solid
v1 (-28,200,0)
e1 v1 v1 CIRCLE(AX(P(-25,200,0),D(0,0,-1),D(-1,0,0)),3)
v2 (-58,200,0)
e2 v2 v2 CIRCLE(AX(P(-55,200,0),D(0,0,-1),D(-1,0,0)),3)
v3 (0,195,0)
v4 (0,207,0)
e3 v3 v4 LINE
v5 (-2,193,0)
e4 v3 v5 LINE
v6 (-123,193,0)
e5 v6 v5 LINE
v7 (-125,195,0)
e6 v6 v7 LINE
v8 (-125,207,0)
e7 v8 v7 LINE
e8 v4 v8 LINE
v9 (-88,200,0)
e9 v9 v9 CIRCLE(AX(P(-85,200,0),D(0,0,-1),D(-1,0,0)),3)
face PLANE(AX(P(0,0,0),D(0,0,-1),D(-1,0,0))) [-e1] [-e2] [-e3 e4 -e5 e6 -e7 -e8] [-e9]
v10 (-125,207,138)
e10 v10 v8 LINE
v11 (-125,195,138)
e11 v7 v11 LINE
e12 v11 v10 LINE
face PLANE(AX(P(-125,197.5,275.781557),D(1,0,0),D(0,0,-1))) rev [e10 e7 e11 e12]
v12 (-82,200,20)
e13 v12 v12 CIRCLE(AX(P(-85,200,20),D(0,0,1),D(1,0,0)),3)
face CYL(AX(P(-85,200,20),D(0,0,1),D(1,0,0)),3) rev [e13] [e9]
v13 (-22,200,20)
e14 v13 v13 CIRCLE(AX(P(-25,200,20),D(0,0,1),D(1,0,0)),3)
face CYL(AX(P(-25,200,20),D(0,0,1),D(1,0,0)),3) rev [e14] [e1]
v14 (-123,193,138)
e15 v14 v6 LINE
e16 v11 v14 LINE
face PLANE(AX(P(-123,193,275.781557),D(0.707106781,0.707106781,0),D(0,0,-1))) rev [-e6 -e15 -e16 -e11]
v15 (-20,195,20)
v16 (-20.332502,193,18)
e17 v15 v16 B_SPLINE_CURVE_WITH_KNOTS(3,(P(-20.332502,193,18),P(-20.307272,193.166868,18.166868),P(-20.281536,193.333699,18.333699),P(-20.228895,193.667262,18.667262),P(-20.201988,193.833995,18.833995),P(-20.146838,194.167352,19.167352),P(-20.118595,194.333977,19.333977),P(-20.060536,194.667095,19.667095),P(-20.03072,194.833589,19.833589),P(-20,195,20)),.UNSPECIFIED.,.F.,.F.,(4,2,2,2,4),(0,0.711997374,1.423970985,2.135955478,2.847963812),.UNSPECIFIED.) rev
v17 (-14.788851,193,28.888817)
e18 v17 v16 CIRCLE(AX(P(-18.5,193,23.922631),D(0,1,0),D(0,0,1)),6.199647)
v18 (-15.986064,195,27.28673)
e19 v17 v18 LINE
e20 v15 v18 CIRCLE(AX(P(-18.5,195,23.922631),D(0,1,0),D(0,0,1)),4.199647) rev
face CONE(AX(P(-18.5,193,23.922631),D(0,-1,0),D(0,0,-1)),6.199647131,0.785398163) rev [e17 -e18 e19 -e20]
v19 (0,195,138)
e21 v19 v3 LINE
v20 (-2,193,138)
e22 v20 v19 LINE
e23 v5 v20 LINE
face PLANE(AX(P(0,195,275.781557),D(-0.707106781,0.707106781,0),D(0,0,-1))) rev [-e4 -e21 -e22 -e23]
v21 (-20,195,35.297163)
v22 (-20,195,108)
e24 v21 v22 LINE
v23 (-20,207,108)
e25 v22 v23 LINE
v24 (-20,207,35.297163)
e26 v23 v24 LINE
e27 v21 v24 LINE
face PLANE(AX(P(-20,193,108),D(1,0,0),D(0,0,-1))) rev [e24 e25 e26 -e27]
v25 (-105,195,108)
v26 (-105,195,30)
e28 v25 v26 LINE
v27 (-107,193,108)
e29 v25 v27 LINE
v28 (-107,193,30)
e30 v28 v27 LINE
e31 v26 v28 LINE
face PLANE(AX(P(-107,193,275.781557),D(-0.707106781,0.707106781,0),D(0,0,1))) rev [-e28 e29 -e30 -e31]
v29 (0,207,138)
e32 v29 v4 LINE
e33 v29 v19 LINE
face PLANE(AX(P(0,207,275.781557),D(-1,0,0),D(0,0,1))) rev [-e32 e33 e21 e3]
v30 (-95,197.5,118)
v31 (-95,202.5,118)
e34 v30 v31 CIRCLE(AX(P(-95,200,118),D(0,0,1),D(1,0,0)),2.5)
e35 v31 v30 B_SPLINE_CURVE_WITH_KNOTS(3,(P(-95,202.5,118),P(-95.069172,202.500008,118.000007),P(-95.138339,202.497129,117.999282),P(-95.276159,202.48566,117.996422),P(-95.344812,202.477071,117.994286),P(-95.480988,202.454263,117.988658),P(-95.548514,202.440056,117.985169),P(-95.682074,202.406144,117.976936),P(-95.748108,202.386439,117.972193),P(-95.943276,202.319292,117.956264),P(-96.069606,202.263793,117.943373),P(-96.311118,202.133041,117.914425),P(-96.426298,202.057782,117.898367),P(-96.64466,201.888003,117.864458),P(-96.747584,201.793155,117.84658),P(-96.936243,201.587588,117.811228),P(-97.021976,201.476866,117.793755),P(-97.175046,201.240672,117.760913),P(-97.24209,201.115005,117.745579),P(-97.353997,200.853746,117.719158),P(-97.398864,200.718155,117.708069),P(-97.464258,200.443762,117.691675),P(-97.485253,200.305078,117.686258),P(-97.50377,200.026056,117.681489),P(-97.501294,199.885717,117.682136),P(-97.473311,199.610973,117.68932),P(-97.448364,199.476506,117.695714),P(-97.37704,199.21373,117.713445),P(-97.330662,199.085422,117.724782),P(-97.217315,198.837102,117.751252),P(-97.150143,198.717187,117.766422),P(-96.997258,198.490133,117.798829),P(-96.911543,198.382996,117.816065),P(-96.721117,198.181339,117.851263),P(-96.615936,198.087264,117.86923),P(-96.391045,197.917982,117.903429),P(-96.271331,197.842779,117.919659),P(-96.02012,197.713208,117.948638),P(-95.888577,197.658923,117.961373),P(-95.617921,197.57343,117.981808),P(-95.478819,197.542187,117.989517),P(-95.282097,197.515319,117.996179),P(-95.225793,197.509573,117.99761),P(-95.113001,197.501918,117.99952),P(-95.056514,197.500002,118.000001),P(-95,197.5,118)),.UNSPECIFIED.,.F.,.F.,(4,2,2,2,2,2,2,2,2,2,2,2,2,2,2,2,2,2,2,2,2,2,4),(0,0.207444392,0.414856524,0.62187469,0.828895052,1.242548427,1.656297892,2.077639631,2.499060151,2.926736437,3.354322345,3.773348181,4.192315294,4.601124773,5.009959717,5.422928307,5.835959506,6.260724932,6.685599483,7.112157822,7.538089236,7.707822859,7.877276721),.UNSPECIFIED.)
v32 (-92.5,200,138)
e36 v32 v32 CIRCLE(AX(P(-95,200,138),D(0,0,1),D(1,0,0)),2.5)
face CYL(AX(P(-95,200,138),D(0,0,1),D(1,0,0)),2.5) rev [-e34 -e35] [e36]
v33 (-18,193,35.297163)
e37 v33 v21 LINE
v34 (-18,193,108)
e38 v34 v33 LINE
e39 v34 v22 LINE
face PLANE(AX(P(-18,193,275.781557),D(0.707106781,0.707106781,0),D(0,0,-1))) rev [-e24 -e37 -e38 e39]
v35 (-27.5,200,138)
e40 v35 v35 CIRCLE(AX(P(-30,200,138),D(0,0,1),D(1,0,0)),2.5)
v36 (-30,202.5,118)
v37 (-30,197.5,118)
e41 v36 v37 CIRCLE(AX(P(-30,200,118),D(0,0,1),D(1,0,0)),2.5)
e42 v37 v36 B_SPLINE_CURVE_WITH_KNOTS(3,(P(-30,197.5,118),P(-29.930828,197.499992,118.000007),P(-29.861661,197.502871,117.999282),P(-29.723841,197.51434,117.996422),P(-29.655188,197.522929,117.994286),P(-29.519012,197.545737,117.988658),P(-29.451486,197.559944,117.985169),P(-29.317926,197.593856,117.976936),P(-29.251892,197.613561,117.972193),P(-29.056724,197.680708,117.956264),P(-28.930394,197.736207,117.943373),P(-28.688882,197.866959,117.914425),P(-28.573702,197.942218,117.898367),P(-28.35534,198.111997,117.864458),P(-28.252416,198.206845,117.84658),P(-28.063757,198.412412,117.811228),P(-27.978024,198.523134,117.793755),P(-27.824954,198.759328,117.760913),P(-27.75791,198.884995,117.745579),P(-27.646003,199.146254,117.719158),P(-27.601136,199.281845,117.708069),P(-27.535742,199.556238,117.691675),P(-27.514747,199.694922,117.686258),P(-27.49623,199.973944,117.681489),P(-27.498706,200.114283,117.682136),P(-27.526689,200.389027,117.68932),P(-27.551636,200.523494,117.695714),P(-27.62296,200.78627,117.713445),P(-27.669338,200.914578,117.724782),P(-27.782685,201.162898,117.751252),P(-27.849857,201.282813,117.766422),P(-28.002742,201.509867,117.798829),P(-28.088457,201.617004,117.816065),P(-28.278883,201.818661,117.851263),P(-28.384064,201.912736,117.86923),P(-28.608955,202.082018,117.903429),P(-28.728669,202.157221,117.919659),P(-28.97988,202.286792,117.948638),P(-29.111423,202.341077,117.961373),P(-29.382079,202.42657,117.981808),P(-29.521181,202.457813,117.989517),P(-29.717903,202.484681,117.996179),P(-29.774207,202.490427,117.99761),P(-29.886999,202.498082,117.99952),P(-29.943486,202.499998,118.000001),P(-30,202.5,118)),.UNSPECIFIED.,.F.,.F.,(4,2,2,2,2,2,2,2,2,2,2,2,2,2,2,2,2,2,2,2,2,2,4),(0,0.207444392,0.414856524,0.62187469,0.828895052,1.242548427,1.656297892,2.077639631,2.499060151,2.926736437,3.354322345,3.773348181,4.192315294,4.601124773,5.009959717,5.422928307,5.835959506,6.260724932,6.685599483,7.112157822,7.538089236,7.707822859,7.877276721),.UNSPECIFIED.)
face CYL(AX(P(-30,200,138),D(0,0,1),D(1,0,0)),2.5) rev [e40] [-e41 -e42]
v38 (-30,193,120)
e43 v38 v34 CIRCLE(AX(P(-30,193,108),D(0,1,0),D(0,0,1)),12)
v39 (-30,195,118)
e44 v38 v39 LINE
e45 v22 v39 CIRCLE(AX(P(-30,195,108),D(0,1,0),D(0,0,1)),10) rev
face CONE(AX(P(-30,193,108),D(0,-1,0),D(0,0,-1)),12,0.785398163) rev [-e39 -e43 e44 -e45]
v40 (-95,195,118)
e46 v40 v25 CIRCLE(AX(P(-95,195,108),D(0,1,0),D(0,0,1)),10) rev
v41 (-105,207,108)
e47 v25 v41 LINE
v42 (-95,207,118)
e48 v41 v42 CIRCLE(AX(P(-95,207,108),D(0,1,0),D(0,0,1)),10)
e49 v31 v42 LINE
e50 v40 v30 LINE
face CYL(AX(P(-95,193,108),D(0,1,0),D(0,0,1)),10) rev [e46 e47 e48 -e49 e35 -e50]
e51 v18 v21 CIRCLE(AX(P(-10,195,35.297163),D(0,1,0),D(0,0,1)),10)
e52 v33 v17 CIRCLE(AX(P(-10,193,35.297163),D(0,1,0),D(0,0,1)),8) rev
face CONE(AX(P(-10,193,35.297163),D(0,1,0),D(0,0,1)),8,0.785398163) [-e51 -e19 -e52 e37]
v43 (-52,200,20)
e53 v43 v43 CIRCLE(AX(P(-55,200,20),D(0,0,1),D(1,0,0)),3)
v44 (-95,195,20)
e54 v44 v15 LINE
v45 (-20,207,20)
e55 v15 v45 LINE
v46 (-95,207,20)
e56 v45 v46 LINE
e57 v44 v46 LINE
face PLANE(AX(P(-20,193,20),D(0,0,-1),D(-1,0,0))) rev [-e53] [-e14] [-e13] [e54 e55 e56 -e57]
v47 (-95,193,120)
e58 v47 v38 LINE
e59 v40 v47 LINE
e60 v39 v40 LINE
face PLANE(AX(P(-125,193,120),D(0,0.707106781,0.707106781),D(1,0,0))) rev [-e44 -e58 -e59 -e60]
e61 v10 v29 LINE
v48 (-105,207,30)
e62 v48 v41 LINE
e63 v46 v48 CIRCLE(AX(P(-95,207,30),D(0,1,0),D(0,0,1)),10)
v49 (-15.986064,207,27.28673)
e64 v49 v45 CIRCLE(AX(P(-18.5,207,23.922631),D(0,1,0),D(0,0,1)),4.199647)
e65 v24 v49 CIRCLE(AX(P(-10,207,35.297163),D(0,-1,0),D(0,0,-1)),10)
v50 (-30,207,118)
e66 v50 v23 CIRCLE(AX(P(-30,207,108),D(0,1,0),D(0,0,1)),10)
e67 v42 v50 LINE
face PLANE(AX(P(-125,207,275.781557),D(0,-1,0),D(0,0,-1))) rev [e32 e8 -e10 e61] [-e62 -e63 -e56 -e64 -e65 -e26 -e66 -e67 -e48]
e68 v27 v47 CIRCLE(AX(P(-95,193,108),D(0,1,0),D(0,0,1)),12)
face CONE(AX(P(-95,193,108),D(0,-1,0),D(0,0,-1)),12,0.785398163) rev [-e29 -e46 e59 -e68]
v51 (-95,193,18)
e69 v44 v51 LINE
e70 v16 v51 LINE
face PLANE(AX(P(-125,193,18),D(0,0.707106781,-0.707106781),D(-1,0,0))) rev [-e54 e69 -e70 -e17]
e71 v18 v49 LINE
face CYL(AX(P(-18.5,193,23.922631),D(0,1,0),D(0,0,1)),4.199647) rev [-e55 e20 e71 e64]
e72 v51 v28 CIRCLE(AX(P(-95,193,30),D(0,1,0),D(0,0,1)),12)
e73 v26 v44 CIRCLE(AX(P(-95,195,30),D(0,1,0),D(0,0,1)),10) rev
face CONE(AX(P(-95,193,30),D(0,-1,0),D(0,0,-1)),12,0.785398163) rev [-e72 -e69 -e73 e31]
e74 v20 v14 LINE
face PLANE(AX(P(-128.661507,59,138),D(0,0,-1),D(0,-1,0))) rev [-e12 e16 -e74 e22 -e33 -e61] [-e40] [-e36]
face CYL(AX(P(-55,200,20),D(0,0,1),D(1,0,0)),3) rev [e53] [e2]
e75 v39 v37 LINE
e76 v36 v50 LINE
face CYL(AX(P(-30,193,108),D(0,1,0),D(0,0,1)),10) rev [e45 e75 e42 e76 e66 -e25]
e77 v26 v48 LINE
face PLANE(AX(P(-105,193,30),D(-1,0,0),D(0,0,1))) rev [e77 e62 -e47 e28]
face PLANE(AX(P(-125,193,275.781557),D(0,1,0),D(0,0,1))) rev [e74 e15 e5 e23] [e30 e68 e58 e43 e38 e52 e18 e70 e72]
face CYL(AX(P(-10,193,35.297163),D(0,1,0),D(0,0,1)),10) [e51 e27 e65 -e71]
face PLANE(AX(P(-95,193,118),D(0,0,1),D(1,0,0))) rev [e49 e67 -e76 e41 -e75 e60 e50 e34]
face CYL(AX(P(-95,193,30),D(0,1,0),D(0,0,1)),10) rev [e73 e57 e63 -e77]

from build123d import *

# Parameters (mm, degrees)
BOSS_EXTRUDE1_DEPTH       = 138
CUT_EXTRUDE1_DEPTH        = 187.721718073
F_6_0MM_DOWEL_HOLE1_D     = 6
F_6_0MM_DOWEL_HOLE1_DEPTH = 28.197418143
F_6_0MM_DOWEL_HOLE1_TIP   = 1.802581857
M6X1_0_TAPPED_HOLE1_D     = 5
M6X1_0_TAPPED_HOLE1_DEPTH = 21.497848452
M6X1_0_TAPPED_HOLE1_TIP   = 1.502151548
CHAMFER1_SIZE             = 2


with BuildPart() as part:
    # Sketch1 → Boss-Extrude1 (new body)
    with BuildSketch(Plane.XY):
        Polygon((-125, 202.5), (-125, 197.5), (-125, 193), (0, 193), (0, 207), (-125, 207), align=None)
    extrude(amount=BOSS_EXTRUDE1_DEPTH)

    # Sketch3 → Cut-Extrude1 (cut, through all)
    with BuildSketch(Plane(origin=(0, 207, 0), x_dir=(1, 0, 0), z_dir=(0, 1, 0))):
        with BuildLine():
            Line((-105, -30), (-105, -108))
            ThreePointArc((-105, -108), (-102.071067812, -115.071067812), (-95, -118))
            Line((-95, -118), (-30, -118))
            ThreePointArc((-30, -118), (-22.928932188, -115.071067812), (-20, -108))
            Line((-20, -108), (-20, -35.297163281))
            ThreePointArc((-20, -35.297163281), (-18.9403759, -30.817243777), (-15.986064246, -27.286730407))
            ThreePointArc((-15.986064246, -27.286730407), (-14.821532054, -21.896326846), (-20, -20))
            Line((-20, -20), (-95, -20))
            ThreePointArc((-95, -20), (-102.071067812, -22.928932188), (-105, -30))
        make_face()
    extrude(amount=-CUT_EXTRUDE1_DEPTH, mode=Mode.SUBTRACT)

    # Ø6.0mm Dowel Hole1
    with Locations(Plane.XY.offset(20)):
        with Locations((-25, 200), (-55, 200), (-85, 200)):
            Hole(F_6_0MM_DOWEL_HOLE1_D / 2, depth=F_6_0MM_DOWEL_HOLE1_DEPTH)
            with Locations((0, 0, -(F_6_0MM_DOWEL_HOLE1_DEPTH + F_6_0MM_DOWEL_HOLE1_TIP / 2))):  # 118° drill point
                Cone(0, F_6_0MM_DOWEL_HOLE1_D / 2, F_6_0MM_DOWEL_HOLE1_TIP, mode=Mode.SUBTRACT)

    # M6x1.0 Tapped Hole1
    with Locations(Plane.XY.offset(138)):
        with Locations((-95, 200), (-30, 200)):
            Hole(M6X1_0_TAPPED_HOLE1_D / 2, depth=M6X1_0_TAPPED_HOLE1_DEPTH)
            with Locations((0, 0, -(M6X1_0_TAPPED_HOLE1_DEPTH + M6X1_0_TAPPED_HOLE1_TIP / 2))):  # 118° drill point
                Cone(0, M6X1_0_TAPPED_HOLE1_D / 2, M6X1_0_TAPPED_HOLE1_TIP, mode=Mode.SUBTRACT)

    # Chamfer1
    chamfer1_edges = [part.edges().sort_by_distance(p)[0] for p in [
        (0, 193, 69),
        (-125, 193, 69),
        (-18.9403759, 193, 30.817243777),
        (-20, 193, 71.648581641),
        (-22.928932188, 193, 115.071067812),
        (-62.5, 193, 118),
        (-102.071067812, 193, 115.071067812),
        (-105, 193, 69),
        (-102.071067812, 193, 22.928932188),
        (-57.5, 193, 20),
        (-14.821532054, 193, 21.896326846),
    ]]
    chamfer(chamfer1_edges, length=CHAMFER1_SIZE)


solid = part.part
